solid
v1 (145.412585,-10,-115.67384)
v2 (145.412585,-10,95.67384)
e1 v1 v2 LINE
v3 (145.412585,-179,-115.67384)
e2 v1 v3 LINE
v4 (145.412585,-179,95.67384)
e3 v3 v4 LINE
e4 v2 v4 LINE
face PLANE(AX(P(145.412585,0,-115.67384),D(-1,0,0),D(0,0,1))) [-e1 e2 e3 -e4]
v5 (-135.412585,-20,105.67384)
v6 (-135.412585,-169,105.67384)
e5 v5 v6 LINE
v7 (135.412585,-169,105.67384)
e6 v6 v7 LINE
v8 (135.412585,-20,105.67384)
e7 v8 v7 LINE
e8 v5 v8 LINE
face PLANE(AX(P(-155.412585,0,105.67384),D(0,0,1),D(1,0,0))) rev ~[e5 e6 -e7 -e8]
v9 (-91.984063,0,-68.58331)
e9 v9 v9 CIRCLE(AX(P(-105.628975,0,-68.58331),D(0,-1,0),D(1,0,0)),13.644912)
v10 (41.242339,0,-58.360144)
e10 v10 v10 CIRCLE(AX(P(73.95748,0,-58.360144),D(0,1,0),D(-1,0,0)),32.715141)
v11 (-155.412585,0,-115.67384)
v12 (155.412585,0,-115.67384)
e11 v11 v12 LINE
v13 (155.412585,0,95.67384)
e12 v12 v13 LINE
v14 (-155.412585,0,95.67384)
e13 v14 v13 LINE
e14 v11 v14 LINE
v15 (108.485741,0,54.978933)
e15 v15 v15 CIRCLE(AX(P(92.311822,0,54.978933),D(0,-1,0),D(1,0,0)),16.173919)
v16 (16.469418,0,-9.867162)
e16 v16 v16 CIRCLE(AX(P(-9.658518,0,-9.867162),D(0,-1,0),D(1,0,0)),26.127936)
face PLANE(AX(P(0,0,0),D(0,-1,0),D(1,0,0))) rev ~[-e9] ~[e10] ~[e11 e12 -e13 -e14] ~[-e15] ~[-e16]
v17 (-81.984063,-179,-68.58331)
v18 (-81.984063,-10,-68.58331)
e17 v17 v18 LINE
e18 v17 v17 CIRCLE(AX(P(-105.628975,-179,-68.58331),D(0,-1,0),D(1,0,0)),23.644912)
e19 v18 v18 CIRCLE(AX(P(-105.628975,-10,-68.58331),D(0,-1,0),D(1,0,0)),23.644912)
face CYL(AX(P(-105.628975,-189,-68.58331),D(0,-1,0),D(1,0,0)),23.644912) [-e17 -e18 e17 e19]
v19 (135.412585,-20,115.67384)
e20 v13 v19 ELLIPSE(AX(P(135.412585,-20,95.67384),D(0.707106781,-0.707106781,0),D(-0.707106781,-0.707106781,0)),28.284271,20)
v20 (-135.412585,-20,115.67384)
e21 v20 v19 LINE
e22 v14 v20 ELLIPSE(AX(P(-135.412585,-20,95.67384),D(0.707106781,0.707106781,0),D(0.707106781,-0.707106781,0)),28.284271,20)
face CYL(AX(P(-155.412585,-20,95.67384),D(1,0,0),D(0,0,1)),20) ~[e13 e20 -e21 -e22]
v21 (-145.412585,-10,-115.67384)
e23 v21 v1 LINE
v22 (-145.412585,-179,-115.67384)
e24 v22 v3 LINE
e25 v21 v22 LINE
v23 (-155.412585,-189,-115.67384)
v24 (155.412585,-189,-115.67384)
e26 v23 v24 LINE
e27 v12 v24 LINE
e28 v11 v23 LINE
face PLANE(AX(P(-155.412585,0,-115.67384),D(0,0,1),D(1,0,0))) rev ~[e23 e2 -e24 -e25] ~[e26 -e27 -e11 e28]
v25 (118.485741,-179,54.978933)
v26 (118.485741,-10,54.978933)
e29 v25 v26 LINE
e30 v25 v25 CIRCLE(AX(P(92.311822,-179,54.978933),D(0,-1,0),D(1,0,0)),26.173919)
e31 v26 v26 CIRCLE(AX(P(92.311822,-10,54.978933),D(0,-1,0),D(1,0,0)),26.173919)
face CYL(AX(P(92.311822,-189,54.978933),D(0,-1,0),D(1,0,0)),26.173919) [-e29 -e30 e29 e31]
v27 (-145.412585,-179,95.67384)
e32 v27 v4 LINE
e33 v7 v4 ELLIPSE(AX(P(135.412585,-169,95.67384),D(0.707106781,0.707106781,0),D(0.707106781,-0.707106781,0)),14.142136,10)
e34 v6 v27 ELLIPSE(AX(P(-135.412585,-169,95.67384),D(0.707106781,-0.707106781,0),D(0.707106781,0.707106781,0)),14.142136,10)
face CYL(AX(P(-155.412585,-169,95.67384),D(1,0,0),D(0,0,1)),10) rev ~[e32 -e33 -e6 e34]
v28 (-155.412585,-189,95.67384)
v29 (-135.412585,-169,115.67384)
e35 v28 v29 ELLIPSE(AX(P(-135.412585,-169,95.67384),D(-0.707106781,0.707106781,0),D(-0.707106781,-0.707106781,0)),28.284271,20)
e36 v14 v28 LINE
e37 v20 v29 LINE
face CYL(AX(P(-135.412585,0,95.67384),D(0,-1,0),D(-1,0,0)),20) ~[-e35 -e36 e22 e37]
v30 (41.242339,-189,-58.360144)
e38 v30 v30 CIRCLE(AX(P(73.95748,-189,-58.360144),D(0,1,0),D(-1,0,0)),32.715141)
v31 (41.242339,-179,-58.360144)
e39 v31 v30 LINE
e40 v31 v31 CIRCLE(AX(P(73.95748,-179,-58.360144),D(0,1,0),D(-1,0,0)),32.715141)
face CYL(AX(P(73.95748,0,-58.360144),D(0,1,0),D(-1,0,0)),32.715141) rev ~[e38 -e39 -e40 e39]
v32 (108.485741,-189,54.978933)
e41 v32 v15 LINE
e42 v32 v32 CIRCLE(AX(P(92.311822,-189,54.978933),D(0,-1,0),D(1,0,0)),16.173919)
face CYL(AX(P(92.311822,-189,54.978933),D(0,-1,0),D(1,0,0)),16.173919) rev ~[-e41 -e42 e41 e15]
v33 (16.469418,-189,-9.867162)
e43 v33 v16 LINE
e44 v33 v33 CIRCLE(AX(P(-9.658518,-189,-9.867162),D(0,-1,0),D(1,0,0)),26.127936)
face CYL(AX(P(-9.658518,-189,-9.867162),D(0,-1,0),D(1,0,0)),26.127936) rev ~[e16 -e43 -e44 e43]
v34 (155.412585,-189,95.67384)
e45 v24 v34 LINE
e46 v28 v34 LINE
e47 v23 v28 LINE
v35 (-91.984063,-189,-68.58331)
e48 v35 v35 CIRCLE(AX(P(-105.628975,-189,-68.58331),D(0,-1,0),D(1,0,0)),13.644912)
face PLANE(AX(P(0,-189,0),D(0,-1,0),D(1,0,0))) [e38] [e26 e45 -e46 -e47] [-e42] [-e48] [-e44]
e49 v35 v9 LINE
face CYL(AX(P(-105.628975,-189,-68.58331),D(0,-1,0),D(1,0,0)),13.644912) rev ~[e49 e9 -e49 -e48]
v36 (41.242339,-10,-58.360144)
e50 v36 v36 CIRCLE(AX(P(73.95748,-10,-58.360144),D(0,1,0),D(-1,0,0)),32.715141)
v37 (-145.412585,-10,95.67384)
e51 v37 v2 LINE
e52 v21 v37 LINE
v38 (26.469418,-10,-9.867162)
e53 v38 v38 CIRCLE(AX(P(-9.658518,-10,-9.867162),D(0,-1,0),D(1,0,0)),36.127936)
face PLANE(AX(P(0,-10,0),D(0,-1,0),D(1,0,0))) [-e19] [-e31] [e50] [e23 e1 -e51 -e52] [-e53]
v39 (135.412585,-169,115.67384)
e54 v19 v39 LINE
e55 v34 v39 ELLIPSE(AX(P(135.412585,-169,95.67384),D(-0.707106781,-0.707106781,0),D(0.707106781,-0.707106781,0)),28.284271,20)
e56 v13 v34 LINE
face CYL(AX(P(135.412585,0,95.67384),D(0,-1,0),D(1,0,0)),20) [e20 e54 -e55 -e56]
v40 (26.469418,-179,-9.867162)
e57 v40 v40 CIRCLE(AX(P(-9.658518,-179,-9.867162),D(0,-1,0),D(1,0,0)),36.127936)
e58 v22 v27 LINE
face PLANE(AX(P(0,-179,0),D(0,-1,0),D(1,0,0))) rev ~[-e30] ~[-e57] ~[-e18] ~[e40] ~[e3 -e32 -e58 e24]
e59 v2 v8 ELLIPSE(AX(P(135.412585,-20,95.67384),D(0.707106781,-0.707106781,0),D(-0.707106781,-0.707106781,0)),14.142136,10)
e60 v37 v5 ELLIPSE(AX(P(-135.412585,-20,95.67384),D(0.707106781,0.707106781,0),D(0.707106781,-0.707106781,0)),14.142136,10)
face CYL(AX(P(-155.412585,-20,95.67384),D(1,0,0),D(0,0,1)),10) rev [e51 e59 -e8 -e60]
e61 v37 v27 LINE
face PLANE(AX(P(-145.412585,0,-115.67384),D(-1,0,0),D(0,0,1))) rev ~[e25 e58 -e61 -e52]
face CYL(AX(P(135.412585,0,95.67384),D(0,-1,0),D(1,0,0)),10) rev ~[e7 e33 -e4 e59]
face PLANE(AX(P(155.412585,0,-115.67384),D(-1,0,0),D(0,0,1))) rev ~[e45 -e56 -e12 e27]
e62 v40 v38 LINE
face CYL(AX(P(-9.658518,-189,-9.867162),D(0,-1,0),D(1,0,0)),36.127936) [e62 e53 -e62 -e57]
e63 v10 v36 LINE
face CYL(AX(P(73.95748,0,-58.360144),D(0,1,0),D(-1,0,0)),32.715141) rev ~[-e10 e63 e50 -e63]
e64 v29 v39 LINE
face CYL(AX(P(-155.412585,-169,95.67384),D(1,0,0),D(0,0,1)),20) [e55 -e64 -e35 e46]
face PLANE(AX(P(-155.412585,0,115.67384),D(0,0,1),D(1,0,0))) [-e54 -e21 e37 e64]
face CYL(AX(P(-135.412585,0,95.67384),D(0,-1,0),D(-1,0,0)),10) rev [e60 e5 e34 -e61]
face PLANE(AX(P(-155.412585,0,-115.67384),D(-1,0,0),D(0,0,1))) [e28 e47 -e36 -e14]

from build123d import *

# Parameters (mm, degrees)
F0_W     = 310.82517
F0_H     = 231.34768
F1_DEPTH = 189
F2_R     = 20
F3_R     = 13.644912
F3_R_2   = 26.127936
F3_R_3   = 16.173919
F4_DEPTH = 189.001
F5_T     = -10
F6_R     = 32.715141
F7_DEPTH = 189.001


with BuildPart() as f1:
    # F0 (on Front) → F1 (new body)
    with BuildSketch(Plane.XZ):
        Rectangle(F0_W, F0_H)
    extrude(amount=F1_DEPTH)

    # F2
    f2_edges = [f1.edges().sort_by_distance(p)[0] for p in [
        (155.412585, -94.5, 115.67384),
        (-155.412585, -94.5, 115.67384),
        (0, 0, 115.67384),
        (0, -189, 115.67384),
    ]]
    fillet(f2_edges, radius=F2_R)

    # F3 (on face) → F4 (cut, through all)
    with BuildSketch(Plane.XZ.offset(189)):
        with Locations((-105.628975, -68.58331)):
            Circle(F3_R)
        with Locations((-9.658518, -9.867162)):
            Circle(F3_R_2)
        with Locations((92.311822, 54.978933)):
            Circle(F3_R_3)
    extrude(amount=-F4_DEPTH, mode=Mode.SUBTRACT)

    # F5
    f5_openings = [f1.faces().sort_by_distance(p)[0] for p in [
        (0, -94.5, -115.67384),
    ]]
    offset(amount=F5_T, openings=f5_openings)

    # F6 (on face) → F7 (cut, through all)
    with BuildSketch(Plane(origin=(0, 0, 0), x_dir=(-1, 0, 0), z_dir=(0, 1, 0))):
        with Locations((-73.95748, -58.360144)):
            Circle(F6_R)
    extrude(amount=-F7_DEPTH, mode=Mode.SUBTRACT)


solid = f1.part
